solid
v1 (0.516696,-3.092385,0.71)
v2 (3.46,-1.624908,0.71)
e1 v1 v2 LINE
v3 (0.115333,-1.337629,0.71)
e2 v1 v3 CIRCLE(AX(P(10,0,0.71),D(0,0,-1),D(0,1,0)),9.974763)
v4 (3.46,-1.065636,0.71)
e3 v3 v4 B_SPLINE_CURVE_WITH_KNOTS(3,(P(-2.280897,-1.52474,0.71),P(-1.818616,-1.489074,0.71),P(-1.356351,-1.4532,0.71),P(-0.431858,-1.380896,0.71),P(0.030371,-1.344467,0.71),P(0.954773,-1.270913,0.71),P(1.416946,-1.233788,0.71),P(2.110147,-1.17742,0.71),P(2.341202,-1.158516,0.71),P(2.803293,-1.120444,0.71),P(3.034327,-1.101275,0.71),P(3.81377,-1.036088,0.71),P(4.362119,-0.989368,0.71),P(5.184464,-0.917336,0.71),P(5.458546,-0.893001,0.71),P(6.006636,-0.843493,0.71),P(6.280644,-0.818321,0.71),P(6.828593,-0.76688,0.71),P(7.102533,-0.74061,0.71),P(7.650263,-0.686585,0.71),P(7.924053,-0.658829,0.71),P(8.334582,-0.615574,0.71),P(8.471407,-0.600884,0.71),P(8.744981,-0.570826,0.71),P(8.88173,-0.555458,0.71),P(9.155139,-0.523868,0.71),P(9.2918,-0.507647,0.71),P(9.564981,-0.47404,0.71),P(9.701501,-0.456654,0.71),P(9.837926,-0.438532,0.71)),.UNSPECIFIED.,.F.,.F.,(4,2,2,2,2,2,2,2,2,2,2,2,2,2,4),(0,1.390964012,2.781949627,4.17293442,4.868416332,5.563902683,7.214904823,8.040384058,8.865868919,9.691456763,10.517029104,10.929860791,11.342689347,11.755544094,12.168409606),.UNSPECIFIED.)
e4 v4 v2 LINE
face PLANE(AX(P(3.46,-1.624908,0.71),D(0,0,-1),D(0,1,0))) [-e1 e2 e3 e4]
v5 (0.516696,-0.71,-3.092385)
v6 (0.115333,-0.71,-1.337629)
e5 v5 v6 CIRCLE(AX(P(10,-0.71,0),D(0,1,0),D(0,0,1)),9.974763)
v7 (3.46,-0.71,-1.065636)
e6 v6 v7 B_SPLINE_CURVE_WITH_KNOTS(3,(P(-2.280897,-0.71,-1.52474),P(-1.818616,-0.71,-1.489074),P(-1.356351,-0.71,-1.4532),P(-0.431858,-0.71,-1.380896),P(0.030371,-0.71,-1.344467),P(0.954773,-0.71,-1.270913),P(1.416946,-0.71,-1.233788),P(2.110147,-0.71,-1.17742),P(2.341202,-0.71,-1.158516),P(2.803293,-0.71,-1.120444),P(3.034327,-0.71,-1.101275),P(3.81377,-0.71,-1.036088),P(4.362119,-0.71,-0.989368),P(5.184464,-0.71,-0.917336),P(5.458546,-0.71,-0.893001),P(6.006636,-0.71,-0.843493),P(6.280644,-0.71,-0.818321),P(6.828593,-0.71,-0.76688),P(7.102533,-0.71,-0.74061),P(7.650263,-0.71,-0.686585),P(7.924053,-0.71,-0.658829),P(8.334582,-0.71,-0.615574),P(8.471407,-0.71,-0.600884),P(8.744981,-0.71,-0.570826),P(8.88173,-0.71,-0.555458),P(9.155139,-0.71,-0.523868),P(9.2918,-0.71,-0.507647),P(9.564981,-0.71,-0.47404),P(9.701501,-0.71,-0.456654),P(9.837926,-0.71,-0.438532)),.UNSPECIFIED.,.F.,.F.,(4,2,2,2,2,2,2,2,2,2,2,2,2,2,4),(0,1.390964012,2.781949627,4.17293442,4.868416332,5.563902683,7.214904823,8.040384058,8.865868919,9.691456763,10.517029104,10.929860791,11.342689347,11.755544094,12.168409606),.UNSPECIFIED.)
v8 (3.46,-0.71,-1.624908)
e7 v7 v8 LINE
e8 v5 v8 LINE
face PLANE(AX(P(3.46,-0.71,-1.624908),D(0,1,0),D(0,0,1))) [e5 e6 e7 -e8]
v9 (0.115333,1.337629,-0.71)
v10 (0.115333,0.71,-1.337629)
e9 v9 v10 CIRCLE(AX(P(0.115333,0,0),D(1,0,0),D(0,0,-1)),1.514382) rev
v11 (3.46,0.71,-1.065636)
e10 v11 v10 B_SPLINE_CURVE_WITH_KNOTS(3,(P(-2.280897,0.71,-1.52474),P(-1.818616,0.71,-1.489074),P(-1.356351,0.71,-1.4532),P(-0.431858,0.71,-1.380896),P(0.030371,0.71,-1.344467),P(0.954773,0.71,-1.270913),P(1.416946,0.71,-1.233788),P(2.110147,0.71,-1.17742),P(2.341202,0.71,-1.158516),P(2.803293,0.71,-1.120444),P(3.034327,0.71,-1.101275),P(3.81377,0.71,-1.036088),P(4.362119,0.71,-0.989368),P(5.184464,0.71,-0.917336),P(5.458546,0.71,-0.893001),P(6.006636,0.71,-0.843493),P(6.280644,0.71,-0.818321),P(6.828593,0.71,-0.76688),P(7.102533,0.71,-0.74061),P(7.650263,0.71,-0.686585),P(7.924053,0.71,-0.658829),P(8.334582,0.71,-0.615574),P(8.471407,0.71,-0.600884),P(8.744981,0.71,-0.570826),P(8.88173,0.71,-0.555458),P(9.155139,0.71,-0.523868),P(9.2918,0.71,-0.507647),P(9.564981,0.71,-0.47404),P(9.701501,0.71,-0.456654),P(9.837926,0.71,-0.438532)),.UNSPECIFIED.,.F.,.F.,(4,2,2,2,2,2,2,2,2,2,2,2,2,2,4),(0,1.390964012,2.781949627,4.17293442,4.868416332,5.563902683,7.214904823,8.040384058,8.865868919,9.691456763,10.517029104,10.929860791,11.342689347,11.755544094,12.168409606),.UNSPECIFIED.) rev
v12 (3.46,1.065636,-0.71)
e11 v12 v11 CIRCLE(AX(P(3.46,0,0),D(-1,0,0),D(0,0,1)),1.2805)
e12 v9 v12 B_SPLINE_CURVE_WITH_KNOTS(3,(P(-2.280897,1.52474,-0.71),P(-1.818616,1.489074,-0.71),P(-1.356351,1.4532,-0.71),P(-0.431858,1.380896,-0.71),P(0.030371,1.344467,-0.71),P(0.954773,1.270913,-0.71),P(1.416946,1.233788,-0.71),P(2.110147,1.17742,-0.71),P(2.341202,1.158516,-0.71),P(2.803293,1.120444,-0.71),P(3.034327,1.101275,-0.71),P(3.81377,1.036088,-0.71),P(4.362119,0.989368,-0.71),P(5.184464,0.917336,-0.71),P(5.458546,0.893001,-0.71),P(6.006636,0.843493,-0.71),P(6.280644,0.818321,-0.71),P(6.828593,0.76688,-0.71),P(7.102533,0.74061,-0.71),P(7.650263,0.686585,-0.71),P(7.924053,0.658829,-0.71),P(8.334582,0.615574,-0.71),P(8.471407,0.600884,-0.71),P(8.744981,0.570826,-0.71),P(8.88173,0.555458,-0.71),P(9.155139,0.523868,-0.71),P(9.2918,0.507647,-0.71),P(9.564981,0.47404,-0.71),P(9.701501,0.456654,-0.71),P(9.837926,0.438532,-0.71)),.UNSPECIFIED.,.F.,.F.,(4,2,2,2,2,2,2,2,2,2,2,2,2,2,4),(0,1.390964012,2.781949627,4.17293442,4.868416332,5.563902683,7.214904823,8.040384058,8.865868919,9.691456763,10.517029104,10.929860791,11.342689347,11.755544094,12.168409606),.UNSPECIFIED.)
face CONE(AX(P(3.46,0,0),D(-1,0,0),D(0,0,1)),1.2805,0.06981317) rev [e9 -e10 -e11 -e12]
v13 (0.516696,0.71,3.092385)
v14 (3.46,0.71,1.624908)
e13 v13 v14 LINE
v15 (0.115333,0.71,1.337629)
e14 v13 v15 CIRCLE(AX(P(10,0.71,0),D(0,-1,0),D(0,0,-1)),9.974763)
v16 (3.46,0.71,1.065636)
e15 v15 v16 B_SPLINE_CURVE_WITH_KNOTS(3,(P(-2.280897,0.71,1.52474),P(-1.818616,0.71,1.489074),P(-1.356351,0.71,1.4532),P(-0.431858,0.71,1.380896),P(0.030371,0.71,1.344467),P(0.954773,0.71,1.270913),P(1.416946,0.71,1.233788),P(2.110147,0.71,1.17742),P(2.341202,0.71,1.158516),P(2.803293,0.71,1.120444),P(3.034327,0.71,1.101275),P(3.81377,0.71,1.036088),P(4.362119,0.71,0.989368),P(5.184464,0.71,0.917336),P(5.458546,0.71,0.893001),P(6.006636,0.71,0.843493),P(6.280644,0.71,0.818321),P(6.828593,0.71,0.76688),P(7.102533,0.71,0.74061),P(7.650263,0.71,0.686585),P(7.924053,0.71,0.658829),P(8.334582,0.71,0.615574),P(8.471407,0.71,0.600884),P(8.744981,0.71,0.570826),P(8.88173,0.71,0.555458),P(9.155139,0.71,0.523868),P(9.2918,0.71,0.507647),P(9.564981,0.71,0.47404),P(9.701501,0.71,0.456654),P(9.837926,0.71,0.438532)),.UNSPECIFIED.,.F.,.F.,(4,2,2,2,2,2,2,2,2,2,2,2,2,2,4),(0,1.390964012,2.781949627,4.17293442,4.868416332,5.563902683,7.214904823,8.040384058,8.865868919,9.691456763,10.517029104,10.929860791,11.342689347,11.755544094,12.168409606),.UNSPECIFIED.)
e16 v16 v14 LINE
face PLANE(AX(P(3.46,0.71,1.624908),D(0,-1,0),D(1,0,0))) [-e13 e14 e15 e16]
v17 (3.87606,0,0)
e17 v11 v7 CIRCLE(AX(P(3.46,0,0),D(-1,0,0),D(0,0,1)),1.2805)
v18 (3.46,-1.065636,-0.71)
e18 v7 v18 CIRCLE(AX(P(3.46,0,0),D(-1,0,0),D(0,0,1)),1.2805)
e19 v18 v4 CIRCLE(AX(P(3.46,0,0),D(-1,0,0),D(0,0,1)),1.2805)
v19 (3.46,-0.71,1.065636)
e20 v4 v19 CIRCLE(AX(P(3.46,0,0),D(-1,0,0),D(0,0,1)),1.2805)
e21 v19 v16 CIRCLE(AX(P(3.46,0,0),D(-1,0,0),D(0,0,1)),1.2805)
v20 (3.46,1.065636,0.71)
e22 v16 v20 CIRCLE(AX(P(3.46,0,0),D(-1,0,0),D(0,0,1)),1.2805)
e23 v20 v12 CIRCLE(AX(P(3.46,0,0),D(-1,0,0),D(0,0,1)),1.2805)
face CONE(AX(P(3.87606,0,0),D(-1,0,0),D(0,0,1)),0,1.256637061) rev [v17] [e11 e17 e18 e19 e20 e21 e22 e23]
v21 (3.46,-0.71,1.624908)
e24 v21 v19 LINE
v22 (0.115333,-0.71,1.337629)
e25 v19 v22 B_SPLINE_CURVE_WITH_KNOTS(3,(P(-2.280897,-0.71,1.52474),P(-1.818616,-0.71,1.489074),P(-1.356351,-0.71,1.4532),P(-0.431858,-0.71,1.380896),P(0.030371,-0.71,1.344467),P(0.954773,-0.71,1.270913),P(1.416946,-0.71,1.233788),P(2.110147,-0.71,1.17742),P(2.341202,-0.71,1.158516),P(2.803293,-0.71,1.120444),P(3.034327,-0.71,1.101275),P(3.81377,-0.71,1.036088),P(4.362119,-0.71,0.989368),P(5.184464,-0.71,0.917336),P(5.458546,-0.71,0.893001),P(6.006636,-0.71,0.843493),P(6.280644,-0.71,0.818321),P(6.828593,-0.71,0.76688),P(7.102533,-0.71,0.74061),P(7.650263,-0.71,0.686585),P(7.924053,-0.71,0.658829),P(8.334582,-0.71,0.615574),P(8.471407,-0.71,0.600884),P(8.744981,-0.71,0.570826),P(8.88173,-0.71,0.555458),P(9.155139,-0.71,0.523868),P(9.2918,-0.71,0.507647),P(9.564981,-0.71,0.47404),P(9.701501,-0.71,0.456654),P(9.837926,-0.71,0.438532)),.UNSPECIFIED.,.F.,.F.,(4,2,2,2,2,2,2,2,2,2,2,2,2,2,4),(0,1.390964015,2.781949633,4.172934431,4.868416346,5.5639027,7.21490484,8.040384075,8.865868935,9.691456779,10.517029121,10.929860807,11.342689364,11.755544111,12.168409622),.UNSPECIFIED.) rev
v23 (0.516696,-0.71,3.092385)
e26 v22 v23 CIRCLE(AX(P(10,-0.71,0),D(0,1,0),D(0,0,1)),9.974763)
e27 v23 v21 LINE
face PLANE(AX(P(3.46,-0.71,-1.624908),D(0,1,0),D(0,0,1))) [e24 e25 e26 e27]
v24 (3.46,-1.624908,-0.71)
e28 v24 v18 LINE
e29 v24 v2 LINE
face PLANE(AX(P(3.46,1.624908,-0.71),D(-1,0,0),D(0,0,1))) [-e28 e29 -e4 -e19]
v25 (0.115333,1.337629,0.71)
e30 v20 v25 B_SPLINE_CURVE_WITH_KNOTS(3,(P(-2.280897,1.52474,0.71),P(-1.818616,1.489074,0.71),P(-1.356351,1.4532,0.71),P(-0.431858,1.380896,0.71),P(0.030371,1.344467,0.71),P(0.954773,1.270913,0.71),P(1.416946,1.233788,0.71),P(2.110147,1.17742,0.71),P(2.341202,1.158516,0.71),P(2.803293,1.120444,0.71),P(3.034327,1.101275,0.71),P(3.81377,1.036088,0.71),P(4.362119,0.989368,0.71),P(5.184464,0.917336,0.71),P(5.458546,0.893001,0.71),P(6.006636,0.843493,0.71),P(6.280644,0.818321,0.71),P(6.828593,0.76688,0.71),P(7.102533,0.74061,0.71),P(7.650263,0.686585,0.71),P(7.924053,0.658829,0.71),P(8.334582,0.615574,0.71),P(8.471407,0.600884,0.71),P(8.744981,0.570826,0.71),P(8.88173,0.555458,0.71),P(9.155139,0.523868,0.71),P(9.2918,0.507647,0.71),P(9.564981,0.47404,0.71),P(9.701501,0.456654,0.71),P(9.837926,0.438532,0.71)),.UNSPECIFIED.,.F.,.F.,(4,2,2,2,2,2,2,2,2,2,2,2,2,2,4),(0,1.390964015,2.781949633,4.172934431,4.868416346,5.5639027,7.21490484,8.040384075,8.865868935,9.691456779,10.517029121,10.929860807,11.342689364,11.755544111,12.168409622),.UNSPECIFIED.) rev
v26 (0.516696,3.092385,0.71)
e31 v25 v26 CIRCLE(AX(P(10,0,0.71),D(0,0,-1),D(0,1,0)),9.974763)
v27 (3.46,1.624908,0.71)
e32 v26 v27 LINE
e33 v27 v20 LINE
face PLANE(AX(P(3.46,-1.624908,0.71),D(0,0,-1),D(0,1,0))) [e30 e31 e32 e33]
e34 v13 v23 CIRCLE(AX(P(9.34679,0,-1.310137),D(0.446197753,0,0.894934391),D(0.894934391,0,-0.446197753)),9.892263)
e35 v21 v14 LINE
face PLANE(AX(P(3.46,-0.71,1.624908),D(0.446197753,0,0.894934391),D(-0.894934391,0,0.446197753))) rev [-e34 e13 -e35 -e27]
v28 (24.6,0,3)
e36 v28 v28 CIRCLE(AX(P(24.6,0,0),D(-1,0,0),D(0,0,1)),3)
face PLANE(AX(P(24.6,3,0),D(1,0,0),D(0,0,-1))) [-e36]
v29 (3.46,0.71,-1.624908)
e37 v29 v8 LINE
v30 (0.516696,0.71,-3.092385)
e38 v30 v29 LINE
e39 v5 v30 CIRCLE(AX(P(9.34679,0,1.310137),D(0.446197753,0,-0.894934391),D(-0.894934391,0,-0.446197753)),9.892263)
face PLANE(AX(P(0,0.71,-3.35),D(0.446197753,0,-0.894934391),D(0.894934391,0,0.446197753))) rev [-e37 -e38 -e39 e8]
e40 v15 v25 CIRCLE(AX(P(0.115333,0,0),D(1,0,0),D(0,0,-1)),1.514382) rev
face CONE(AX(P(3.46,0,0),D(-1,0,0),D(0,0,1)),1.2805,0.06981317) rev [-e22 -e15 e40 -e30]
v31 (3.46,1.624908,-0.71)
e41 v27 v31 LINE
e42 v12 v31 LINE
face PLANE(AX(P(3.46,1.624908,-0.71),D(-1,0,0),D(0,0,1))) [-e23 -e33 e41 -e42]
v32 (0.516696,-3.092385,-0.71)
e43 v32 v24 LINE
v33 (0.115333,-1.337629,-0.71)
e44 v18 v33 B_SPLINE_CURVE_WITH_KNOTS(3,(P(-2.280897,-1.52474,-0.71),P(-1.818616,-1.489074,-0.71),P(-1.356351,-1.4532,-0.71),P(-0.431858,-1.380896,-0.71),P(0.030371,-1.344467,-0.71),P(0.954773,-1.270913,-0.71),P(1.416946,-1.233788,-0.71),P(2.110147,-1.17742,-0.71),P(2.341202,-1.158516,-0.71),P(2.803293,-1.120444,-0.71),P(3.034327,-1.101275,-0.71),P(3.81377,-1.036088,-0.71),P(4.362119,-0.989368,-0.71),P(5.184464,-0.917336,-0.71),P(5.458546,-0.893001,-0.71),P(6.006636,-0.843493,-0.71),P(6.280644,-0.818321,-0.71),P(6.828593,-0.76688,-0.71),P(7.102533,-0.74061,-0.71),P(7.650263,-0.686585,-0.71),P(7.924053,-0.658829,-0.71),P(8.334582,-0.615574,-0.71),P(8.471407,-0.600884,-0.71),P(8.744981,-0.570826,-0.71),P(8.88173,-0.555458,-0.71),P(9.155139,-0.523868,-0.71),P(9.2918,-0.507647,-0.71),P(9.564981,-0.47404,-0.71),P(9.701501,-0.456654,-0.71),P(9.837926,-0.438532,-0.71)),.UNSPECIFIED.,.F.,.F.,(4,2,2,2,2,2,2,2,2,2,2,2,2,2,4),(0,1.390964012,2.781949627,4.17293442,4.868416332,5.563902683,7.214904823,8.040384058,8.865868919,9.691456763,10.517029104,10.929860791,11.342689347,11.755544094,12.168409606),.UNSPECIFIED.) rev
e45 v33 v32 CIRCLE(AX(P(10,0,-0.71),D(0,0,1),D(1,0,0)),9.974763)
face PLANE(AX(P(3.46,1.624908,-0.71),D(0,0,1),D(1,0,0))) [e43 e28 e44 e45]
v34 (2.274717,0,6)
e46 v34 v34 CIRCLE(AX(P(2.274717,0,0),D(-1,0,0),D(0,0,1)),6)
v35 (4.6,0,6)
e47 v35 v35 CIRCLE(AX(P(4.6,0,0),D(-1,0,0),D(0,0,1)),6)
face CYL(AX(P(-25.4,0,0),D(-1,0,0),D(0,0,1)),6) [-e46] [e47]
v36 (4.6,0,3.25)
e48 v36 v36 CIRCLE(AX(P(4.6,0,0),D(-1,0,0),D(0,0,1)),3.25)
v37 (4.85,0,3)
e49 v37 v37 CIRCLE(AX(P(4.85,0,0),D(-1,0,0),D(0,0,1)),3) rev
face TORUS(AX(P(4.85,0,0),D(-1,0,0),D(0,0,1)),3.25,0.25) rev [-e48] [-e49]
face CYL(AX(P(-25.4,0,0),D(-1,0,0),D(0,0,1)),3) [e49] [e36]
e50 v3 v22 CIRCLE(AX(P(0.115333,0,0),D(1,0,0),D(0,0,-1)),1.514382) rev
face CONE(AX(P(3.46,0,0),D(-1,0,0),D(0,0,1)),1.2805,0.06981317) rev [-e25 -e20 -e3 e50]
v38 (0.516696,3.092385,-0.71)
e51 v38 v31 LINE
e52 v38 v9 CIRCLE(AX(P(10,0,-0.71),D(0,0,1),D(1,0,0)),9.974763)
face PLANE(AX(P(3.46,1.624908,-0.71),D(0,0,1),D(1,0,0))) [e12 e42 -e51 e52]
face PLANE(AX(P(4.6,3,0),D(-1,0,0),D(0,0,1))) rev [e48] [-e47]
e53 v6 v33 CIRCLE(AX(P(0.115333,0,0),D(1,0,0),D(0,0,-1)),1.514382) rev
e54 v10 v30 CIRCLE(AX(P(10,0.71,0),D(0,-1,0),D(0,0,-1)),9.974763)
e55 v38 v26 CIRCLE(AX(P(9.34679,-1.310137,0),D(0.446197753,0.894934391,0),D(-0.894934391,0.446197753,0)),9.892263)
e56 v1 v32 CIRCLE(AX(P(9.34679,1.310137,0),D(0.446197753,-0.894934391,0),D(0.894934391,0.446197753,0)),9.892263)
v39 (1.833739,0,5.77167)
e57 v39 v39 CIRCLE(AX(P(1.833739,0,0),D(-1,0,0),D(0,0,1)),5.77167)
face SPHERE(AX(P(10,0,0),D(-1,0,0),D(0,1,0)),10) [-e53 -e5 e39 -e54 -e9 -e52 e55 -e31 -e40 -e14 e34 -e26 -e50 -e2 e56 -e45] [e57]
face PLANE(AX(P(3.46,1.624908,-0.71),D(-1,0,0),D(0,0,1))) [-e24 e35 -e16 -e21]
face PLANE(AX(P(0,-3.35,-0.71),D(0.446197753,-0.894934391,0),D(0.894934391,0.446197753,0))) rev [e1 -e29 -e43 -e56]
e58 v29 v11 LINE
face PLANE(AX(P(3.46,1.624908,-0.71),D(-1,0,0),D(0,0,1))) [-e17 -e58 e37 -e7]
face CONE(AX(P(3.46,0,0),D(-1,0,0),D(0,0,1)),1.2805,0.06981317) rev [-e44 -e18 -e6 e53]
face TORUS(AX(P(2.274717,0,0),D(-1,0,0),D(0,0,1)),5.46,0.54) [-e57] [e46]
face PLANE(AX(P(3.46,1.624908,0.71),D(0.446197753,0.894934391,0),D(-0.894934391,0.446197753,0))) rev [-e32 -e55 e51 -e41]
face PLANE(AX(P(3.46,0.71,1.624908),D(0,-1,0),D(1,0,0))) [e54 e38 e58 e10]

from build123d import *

# Parameters (mm, degrees)
FILLET1_R    = 0.25
SKETCH3_W    = 1.42
SKETCH3_H    = 6.7
SKETCH4_W    = 1.42
SKETCH4_H    = 3.24981585
RECPAT_COUNT = 2
RECPAT_ANGLE = 90


with BuildPart() as part:
    # BodySke → Base-Revolve (revolve)
    with BuildSketch(Plane.XY):
        with BuildLine():
            Line((4.6, 3), (4.6, 6))
            Line((4.6, 6), (2.274716834, 6))
            ThreePointArc((2.274716834, 6), (2.026424569, 5.939532013), (1.833738725, 5.77167019))
            ThreePointArc((1.833738725, 5.77167019), (0.469454036, 3.027985077), (0, 0))
            Line((0, 0), (24.6, 0))
            Line((24.6, 0), (24.6, 3))
            Line((24.6, 3), (4.6, 3))
        make_face()
    revolve(axis=Axis((-25.4, 0, 0), (1, 0, 0)))

    # Fillet1
    fillet1_edges = [part.edges().sort_by_distance(p)[0] for p in [
        (4.6, -3, 0),
    ]]
    fillet(fillet1_edges, radius=FILLET1_R)

    # Sketch3 → Recess section 0
    with BuildSketch(Plane(origin=(0, 0, 0), x_dir=(0, 0, -1), z_dir=(1, 0, 0))):
        Rectangle(SKETCH3_W, SKETCH3_H)
    # Sketch4 → Recess section 1
    with BuildSketch(Plane(origin=(3.46, 0, 0), x_dir=(0, 0, -1), z_dir=(1, 0, 0))):
        Rectangle(SKETCH4_W, SKETCH4_H)
    recess = loft(mode=Mode.SUBTRACT)

    # RecPat: Recess ×2 about axis
    recpat_axis = Axis((0, 0, 0), (1, 0, 0))
    for i in range(1, RECPAT_COUNT):
        add(recess.rotate(recpat_axis, i * RECPAT_ANGLE / (RECPAT_COUNT - 1)), mode=Mode.SUBTRACT)

    # RecCorSke → RecessCore (revolve, cut)
    with BuildSketch(Plane.XY):
        Polygon((0, 0), (0, 1.522446769), (3.46, 1.2805), (3.876059671, 0), align=None)
    revolve(axis=Axis((-3.175, 0, 0), (1, 0, 0)), mode=Mode.SUBTRACT)


solid = part.part
